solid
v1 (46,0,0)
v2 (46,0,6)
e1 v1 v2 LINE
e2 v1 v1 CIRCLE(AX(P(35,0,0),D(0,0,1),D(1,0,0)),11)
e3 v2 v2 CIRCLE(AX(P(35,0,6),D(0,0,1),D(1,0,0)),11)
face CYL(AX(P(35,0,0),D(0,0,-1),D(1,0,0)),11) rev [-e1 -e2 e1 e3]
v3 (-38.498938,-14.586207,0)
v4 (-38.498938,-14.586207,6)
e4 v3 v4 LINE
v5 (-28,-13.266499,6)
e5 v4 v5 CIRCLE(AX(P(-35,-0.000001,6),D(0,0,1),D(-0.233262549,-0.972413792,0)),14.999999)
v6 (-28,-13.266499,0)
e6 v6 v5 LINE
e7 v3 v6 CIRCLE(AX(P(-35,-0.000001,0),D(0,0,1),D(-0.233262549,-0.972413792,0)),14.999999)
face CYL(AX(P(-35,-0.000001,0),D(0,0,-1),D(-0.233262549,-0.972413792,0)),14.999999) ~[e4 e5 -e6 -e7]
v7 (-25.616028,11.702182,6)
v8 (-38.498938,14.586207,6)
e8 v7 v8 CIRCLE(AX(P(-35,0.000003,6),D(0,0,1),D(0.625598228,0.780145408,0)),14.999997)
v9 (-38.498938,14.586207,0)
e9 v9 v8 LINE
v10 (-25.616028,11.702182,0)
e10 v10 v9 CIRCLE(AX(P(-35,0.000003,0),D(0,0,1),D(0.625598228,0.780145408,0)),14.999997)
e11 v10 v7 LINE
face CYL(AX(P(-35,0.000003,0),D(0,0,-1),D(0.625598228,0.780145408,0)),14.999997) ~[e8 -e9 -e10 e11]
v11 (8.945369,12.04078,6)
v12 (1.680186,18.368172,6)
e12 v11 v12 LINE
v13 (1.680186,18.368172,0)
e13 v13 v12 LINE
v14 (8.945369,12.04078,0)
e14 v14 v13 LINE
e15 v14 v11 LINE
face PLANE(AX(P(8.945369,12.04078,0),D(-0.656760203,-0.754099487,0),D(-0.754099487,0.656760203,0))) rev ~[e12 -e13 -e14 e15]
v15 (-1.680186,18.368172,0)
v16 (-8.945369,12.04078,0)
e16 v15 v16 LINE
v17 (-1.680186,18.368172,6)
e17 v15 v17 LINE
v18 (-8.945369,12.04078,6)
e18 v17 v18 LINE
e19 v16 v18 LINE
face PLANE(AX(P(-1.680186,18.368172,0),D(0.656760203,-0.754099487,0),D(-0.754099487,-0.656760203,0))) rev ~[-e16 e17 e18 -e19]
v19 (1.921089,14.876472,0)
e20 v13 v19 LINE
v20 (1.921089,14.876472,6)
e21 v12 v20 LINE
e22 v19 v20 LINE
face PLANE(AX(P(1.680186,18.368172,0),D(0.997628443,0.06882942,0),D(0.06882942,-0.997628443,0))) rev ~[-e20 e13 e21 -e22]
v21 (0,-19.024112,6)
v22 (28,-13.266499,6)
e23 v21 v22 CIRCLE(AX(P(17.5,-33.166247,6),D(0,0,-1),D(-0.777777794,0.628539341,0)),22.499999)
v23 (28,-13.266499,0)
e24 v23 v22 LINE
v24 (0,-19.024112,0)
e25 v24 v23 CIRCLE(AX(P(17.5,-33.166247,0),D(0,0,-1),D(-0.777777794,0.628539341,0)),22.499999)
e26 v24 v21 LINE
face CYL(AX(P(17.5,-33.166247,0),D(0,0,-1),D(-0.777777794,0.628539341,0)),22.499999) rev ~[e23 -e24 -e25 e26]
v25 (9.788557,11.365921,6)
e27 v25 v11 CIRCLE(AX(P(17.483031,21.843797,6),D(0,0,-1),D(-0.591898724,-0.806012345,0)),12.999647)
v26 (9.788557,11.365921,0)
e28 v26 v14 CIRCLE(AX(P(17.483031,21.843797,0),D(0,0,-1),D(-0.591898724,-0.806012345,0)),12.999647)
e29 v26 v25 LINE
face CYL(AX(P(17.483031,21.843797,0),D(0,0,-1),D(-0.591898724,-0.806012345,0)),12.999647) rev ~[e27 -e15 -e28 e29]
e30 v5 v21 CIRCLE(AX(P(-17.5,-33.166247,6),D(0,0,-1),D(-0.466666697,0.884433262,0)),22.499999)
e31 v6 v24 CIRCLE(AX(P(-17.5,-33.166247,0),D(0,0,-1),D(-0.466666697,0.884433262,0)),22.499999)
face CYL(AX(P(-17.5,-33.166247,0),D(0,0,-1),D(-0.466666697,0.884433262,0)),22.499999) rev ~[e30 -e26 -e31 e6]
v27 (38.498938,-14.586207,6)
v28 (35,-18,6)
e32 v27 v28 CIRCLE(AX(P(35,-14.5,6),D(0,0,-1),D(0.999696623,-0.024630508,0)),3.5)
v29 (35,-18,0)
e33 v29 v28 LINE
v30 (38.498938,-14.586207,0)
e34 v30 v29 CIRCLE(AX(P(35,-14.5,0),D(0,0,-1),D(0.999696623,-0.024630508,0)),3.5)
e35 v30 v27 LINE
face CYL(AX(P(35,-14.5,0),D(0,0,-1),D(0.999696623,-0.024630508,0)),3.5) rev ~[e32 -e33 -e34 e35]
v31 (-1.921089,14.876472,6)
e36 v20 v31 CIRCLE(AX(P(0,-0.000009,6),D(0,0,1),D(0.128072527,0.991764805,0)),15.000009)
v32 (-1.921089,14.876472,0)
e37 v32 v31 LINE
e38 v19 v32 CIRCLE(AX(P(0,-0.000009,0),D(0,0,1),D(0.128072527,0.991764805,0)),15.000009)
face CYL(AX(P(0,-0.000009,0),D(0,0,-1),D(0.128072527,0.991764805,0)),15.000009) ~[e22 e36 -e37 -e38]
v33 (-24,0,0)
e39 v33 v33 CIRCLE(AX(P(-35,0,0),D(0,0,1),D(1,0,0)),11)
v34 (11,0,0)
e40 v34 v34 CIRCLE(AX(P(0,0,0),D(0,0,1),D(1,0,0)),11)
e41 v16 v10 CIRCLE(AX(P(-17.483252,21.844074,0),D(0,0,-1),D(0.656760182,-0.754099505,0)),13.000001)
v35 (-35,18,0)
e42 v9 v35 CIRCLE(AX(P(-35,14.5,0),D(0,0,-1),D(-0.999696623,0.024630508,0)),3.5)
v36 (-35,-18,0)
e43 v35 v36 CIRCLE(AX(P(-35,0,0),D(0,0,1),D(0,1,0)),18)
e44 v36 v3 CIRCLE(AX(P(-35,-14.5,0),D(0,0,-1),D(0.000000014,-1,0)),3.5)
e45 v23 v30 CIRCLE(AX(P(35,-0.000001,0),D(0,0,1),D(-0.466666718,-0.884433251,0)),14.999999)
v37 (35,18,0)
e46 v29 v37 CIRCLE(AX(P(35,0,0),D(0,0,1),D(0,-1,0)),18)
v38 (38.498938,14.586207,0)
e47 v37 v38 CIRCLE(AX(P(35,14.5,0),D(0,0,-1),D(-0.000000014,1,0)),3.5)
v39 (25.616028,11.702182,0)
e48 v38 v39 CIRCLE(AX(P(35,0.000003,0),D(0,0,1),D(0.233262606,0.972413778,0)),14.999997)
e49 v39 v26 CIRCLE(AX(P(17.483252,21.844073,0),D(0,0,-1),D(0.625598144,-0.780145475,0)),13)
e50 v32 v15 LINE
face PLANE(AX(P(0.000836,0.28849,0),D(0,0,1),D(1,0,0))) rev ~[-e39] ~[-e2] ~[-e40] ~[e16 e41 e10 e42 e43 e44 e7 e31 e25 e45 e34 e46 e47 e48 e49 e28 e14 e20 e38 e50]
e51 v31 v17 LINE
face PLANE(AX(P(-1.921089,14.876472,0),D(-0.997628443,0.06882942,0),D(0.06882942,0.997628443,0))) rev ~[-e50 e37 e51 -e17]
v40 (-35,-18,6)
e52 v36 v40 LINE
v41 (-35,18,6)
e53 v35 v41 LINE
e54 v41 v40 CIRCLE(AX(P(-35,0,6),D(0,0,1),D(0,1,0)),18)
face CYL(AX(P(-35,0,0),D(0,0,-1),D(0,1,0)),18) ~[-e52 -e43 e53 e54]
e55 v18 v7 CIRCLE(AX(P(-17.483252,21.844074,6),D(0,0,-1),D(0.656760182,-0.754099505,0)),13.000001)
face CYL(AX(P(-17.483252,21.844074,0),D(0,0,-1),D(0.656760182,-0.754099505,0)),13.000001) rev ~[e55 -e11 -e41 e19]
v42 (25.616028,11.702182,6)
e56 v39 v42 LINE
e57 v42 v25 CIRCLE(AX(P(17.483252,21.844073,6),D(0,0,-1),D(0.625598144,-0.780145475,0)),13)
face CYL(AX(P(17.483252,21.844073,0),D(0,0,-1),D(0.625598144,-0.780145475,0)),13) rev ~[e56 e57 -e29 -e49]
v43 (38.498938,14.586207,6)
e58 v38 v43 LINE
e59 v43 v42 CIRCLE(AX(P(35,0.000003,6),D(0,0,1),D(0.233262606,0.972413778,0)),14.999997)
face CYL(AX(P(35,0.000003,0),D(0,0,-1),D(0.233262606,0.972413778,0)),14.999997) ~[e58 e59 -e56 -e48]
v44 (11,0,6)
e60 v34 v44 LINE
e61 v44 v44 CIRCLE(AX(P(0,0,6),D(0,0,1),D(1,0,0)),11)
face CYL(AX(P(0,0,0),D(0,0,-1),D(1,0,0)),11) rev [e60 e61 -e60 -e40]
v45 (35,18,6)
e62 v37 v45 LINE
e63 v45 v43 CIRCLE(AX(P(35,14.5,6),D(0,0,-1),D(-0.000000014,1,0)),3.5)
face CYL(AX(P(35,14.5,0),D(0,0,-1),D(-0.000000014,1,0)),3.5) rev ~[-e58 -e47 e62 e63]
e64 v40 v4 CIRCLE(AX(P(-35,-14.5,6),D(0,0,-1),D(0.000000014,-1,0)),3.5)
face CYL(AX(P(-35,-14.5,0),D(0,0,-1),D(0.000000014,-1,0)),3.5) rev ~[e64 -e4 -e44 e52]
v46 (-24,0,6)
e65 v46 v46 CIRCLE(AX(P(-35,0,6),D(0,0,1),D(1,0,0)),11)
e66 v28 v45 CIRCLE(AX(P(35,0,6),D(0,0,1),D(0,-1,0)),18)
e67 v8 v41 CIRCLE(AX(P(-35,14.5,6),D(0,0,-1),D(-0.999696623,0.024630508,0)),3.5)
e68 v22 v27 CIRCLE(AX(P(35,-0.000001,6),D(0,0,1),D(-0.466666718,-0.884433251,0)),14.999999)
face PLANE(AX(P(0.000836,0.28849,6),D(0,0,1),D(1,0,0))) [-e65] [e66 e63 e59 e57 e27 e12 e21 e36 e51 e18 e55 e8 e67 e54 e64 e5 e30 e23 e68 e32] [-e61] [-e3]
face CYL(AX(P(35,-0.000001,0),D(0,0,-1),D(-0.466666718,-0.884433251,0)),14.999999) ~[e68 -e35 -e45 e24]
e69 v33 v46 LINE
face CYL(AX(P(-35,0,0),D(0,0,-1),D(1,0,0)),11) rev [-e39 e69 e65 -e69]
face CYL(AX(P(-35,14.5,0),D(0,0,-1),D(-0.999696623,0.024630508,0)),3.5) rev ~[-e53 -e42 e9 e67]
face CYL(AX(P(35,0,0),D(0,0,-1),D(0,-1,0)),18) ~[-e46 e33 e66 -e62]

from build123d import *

# Parameters (mm, degrees)
F0_R     = 11
F1_DEPTH = 6


with BuildPart() as f1:
    # F0 (on Top) → F1 (new body)
    with BuildSketch(Plane.XY):
        with BuildLine():
            ThreePointArc((25.616028, 11.702182), (17.75938, 8.847006), (9.788557, 11.365921))
            ThreePointArc((9.788557, 11.365921), (9.359952, 11.69459), (8.945369, 12.04078))
            Line((8.945369, 12.04078), (1.680186, 18.368172))
            Line((1.680186, 18.368172), (1.921089, 14.876472))
            ThreePointArc((1.921089, 14.876472), (0, 15), (-1.921089, 14.876472))
            Line((-1.921089, 14.876472), (-1.680186, 18.368172))
            Line((-1.680186, 18.368172), (-8.945369, 12.04078))
            ThreePointArc((-8.945369, 12.04078), (-17.219263, 8.846754), (-25.616028, 11.702182))
            ThreePointArc((-25.616028, 11.702182), (-31.723141, 14.637698), (-38.498938, 14.586207))
            ThreePointArc((-38.498938, 14.586207), (-37.444205, 17.005167), (-35, 18))
            ThreePointArc((-35, 18), (-53, 0), (-35, -18))
            ThreePointArc((-35, -18), (-37.444205, -17.005167), (-38.498938, -14.586207))
            ThreePointArc((-38.498938, -14.586207), (-33.129234, -14.882884), (-28, -13.266499))
            ThreePointArc((-28, -13.266499), (-12.968165, -11.127362), (0, -19.024112))
            ThreePointArc((0, -19.024112), (12.968165, -11.127362), (28, -13.266499))
            ThreePointArc((28, -13.266499), (33.129234, -14.882884), (38.498938, -14.586207))
            ThreePointArc((38.498938, -14.586207), (37.444205, -17.005167), (35, -18))
            ThreePointArc((35, -18), (53, 0), (35, 18))
            ThreePointArc((35, 18), (37.444205, 17.005167), (38.498938, 14.586207))
            ThreePointArc((38.498938, 14.586207), (31.723141, 14.637698), (25.616028, 11.702182))
        make_face()
        with Locations((-35, 0)):
            Circle(F0_R, mode=Mode.SUBTRACT)
        Circle(F0_R, mode=Mode.SUBTRACT)
        with Locations((35, 0)):
            Circle(F0_R, mode=Mode.SUBTRACT)
    extrude(amount=F1_DEPTH)


solid = f1.part
